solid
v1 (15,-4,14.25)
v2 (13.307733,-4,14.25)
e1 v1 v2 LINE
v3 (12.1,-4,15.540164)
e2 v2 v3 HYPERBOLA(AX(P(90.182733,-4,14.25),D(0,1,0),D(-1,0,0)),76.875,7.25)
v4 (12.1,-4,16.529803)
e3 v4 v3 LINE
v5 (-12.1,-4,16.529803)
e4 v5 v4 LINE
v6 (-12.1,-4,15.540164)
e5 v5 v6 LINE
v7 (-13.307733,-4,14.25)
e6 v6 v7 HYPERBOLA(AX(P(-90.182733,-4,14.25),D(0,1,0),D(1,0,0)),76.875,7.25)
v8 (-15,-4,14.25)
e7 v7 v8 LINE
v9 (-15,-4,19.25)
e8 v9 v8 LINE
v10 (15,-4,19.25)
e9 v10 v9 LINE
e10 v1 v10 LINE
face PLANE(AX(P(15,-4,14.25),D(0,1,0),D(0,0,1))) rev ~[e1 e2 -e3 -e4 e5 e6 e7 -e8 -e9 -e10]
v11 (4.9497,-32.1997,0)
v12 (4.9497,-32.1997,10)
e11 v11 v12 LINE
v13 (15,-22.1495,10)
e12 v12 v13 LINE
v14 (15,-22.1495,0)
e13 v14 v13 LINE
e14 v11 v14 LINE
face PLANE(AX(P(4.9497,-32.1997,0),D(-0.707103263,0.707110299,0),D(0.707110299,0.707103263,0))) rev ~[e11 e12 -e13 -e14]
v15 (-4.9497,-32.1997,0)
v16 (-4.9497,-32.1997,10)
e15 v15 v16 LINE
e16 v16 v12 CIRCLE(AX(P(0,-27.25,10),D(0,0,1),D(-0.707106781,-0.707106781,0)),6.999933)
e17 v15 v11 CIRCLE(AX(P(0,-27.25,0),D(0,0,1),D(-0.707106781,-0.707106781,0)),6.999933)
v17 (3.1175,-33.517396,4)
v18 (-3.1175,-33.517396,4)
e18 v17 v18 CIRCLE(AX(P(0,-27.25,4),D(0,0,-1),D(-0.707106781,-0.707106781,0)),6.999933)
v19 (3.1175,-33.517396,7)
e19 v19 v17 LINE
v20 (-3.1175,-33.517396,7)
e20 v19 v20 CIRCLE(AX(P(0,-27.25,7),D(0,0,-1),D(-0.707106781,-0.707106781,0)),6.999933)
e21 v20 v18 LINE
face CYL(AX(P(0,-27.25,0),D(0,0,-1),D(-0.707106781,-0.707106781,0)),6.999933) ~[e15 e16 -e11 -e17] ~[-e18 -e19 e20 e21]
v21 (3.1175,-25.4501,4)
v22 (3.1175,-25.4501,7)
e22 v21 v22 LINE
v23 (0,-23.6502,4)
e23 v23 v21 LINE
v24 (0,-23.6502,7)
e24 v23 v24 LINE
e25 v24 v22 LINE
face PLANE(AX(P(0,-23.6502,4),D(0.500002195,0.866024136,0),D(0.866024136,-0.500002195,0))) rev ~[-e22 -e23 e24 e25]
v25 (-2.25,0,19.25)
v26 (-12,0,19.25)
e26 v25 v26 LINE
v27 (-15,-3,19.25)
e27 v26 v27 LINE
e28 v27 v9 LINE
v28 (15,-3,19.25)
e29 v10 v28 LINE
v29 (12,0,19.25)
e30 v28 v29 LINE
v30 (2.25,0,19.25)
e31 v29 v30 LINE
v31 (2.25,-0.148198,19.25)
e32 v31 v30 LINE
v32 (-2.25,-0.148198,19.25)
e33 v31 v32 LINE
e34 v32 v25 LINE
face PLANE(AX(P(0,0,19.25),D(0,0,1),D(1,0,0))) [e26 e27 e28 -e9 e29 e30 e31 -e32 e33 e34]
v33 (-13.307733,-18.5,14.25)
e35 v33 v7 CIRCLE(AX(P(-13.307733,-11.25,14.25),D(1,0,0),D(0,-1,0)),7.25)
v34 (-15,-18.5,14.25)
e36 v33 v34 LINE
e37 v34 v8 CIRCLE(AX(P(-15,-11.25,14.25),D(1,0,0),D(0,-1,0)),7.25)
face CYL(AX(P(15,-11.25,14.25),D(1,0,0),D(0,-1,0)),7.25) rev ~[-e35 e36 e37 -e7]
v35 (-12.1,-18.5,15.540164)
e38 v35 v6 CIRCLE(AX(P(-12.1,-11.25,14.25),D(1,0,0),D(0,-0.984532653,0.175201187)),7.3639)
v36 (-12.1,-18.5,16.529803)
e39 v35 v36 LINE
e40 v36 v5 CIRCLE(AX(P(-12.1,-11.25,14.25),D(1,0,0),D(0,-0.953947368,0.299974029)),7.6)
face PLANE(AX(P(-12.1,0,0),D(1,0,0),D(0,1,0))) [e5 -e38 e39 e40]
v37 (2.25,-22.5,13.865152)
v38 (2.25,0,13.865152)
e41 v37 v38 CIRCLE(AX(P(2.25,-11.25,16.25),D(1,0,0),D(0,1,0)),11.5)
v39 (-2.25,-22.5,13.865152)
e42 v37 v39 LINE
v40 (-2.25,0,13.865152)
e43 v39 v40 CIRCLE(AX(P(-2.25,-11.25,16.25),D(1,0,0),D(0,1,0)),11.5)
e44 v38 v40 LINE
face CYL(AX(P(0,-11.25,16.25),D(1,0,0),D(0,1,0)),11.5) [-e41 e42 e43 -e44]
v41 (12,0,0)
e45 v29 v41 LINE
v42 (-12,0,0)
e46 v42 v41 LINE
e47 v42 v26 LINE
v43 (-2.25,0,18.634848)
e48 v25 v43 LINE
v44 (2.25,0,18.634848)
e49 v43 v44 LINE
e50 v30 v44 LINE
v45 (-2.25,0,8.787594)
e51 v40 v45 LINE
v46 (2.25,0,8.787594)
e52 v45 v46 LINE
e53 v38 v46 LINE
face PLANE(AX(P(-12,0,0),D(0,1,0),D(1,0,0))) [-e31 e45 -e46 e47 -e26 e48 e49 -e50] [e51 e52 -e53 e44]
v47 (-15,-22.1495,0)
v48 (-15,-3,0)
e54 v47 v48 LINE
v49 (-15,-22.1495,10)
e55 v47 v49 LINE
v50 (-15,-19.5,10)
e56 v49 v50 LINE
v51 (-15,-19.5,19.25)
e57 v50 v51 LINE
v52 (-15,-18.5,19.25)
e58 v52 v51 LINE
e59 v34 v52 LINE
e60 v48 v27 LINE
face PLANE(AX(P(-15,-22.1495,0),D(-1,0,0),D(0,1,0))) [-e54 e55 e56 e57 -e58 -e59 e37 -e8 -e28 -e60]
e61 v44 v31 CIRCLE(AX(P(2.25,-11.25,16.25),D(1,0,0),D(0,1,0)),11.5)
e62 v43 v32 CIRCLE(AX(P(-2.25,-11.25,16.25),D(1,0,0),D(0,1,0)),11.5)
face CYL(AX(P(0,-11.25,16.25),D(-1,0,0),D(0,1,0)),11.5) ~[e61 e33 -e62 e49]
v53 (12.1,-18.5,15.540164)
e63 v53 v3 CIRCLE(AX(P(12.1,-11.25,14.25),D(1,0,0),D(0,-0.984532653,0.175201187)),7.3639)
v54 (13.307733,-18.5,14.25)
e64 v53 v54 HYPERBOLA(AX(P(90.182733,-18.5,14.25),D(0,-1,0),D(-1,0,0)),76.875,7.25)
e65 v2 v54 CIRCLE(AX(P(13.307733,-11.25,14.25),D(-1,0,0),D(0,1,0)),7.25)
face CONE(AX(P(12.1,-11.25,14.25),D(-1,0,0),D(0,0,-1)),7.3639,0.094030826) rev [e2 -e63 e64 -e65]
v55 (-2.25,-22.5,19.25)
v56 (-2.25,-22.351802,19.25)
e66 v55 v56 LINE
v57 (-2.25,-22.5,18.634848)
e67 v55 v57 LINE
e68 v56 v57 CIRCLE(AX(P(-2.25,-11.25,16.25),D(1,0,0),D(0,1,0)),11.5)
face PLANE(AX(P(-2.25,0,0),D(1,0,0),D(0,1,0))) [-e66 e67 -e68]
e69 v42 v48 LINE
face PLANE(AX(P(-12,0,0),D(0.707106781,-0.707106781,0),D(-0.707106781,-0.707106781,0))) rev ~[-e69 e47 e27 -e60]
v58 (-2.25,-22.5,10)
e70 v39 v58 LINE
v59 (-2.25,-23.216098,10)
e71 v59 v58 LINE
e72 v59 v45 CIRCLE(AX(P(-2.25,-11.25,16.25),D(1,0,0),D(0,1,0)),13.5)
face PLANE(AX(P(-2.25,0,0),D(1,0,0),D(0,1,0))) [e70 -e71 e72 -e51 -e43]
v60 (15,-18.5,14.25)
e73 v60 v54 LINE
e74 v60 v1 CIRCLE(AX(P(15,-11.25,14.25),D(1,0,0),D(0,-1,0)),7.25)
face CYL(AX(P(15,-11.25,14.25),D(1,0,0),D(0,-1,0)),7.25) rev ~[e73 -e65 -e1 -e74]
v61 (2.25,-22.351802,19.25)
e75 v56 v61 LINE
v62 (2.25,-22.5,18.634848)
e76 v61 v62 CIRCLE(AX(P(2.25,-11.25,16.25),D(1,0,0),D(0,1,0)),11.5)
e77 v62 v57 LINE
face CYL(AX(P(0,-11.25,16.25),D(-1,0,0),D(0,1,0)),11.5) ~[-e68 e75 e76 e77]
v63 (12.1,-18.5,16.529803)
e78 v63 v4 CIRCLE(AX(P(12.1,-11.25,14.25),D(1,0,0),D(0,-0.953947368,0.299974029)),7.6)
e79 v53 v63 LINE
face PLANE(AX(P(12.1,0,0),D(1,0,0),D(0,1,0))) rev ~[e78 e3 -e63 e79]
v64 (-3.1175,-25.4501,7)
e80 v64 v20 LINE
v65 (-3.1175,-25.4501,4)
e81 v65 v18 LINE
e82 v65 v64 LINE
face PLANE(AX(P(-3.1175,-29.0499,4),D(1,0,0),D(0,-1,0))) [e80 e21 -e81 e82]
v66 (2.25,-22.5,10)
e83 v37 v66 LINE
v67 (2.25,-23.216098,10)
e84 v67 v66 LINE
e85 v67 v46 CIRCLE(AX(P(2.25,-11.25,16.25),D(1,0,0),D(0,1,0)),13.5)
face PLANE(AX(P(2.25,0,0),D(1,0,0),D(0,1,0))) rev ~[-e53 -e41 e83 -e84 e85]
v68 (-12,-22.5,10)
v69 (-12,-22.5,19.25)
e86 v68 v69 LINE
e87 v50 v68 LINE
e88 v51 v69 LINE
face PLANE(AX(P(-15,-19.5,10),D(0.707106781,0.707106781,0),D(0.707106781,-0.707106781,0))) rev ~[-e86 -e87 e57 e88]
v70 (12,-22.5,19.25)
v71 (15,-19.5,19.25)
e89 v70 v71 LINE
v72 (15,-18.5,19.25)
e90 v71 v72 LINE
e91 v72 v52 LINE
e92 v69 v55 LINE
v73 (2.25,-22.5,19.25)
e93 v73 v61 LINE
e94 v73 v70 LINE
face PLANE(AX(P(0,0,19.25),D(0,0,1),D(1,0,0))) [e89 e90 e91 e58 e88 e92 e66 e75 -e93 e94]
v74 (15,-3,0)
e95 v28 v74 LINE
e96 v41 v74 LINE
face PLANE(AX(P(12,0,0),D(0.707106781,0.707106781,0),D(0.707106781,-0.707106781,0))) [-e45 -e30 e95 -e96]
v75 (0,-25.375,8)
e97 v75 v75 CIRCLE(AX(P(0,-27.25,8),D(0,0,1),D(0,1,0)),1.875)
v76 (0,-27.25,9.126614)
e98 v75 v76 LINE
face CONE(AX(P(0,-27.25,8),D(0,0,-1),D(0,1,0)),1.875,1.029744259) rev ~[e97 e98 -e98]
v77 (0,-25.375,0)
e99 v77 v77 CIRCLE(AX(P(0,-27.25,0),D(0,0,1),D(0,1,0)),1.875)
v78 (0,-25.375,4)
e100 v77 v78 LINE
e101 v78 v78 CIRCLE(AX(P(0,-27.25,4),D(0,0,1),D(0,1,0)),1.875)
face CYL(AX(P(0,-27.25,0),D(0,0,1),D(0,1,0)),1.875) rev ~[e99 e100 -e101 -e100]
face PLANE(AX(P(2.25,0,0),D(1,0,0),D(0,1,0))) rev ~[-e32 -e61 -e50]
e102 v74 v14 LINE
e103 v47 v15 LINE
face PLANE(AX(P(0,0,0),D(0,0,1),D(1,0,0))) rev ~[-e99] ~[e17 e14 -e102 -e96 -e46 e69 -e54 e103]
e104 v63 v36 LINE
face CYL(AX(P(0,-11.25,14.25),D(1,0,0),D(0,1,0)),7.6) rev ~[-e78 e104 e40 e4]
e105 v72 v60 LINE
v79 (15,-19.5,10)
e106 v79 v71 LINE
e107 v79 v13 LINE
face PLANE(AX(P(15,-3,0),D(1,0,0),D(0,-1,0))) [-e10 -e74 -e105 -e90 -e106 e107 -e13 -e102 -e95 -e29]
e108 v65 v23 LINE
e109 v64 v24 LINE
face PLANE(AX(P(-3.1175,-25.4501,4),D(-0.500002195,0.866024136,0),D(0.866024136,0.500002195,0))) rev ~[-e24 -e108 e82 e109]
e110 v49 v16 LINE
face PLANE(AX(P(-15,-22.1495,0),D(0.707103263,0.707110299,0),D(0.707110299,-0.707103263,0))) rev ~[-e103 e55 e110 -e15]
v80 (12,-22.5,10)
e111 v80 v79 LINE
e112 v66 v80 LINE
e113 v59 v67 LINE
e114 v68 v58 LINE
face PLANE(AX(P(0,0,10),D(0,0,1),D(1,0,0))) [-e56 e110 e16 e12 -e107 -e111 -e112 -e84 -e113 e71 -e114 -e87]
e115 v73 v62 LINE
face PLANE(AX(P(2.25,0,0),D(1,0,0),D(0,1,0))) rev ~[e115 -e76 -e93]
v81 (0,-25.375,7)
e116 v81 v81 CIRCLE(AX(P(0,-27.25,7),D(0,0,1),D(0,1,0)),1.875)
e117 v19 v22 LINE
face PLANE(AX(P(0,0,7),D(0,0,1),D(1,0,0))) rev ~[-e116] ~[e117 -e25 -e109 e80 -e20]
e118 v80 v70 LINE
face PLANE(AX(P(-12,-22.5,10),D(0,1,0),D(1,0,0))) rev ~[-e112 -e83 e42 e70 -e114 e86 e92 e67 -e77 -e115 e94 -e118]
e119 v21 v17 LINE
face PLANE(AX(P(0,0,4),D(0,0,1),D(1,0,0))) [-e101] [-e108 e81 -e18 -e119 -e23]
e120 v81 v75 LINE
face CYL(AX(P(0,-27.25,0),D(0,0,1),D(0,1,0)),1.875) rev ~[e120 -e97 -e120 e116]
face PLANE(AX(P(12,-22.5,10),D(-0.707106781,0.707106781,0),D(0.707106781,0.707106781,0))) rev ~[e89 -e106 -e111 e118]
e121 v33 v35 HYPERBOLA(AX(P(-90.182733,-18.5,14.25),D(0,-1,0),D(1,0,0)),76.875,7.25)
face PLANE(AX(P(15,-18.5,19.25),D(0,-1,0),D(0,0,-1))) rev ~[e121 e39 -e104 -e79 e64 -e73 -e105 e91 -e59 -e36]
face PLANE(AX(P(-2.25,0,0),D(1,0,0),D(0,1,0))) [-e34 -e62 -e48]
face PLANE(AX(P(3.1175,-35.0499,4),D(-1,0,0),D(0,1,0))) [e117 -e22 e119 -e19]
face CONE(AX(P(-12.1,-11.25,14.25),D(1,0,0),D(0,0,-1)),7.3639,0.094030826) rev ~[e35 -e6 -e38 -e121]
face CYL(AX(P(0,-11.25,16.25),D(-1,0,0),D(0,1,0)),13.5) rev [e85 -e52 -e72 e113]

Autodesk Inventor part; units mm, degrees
sketch "Boceto1" plane through (0, 0, 0) normal (0, 0, 1) x (1, 0, 0)
  line L0 (-12, 0) -> (12, 0)
  line L1 (15, -3) -> (15, -22.1495)
  line L2 (-15, -22.1495) -> (-15, -3)
  line L3 (12, 0) -> (15, -3)
  line L4 (-12, 0) -> (-15, -3)
  line L5 (-15, -22.1495) -> (-4.9497, -32.1997)
  arc A0 (-4.9497, -32.1997) -> (4.9497, -32.1997) centre (0, -27.25) ccw
  line L6 (4.9497, -32.1997) -> (15, -22.1495)
  point P0 (0, 0)
  point P1 (-15, 0)
  point P2 (15, 0)
  point P3 (0, 0)
  point P4 (0, -34.25)
  point P5 (15, 0)
  point P6 (0, -34.25)
  dimension "d0" = 30
  dimension "d5" = 3
  dimension "d6" = 3
  dimension "d10" = 135
  dimension "d55" = 27.25
  dimension "d59" = 7
  dimension "d60" = 34.25
extrude "Extrusión1" add sketch "Boceto1" along normal blind 10
sketch "Boceto2" plane through (0, 0, 10) normal (0, 0, 1) x (1, 0, 0)
  line L0 (15, -22.1495) -> (15, -3) projected
  line L1 (15, -3) -> (12, 0) projected
  line L2 (12, 0) -> (-12, 0) projected
  line L3 (-12, 0) -> (-15, -3) projected
  line L4 (-15, -3) -> (-15, -22.1495) projected
  line L5 (-15, -22.1495) -> (-4.9497, -32.1997) projected
  arc A0 (-4.9497, -32.1997) -> (4.9497, -32.1997) centre (0, -27.25) ccw projected
  line L6 (4.9497, -32.1997) -> (15, -22.1495) projected
  line L7 (-15, -19.5) -> (-12, -22.5)
  line L8 (-12, -22.5) -> (12, -22.5)
  line L9 (12, -22.5) -> (15, -19.5)
  point P0 (0, 0)
  dimension "d13" = 3
  dimension "d14" = 3
  dimension "d15" = 3
  dimension "d16" = 3
  dimension "d17" = 22.5
extrude "Extrusión2" add sketch "Boceto2" along normal blind 9.25 contours L9 L8 L7 L4 L3 L2 L1 L0
sketch "Boceto3" plane through (15, -22.1495, 0) normal (1, 0, 0) x (0, 0, -1)
  line L0 (-19.25, 2.6495) -> (-19.25, 19.1495) projected
  line L1 (-19.25, 19.1495) -> (-19.25, 2.6495) projected
  line L2 (-19.25, 3.6495) -> (-14.25, 3.6495)
  arc A0 (-14.25, 3.6495) -> (-14.25, 18.1495) centre (-14.25, 10.8995) ccw
  line L3 (-14.25, 18.1495) -> (-19.25, 18.1495)
  point P0 (0, 22.1495)
  point P1 (-7, 10.8995)
  point P2 (-19.25, 10.8995)
  dimension "d20" = 12.25
  dimension "d21" = 14.5
extrude "Extrusión3" cut sketch "Boceto3" against normal through all
hole "Agujero1" at (0, -27.25, 0) direction (0, 0, 1) diameter 3.75 depth 8 tip angle 118
ref_plane "Plano de trabajo1" through (0, 0, 4) normal (0, 0, 1) x (1, 0, 0)
sketch "Boceto4" plane through (0, 0, 4) normal (0, 0, 1) x (1, 0, 0)
  circle A0 centre (0, -27.25) radius 1.875 projected
  line L0 (0, -23.6502) -> (3.1175, -25.4501)
  line L1 (3.1175, -25.4501) -> (3.1175, -29.0499)
  line L2 (-3.1175, -29.0499) -> (-3.1175, -25.4501)
  line L3 (-3.1175, -25.4501) -> (0, -23.6502)
  line L4 (-3.1175, -29.0499) -> (-3.1175, -35.0499)
  line L5 (-3.1175, -35.0499) -> (3.1175, -35.0499)
  line L6 (3.1175, -35.0499) -> (3.1175, -29.0499)
  point P0 (0, 0)
  point P1 (0, -27.25)
  dimension "d36" = 6.235
  dimension "d37" = 6
extrude "Extrusión4" cut sketch "Boceto4" along normal blind 3
sketch "Boceto5" plane through (0, 0, 0) normal (1, 0, 0) x (0, 1, 0)
  arc A0 (-18.5, 14.25) -> (-4, 14.25) centre (-11.25, 14.25) ccw projected
  circle A1 centre (-11.25, 16.25) radius 11.5
  circle A2 centre (-11.25, 16.25) radius 13.5
  point P0 (0, 0)
  dimension "d44" = 27
  dimension "d45" = 23
  dimension "d46" = 2
extrude "Extrusión5" cut sketch "Boceto5" along normal mid plane 4.5
sketch "Boceto6" plane through (0, 0, 0) normal (1, 0, 0) x (0, 1, 0)
  line L0 (-18.5, 19.25) -> (-19.5, 19.25) projected
  arc A0 (-18.5, 14.25) -> (-4, 14.25) centre (-11.25, 14.25) ccw projected
  circle A1 centre (-11.25, 14.25) radius 7.6
  point P0 (0, 0)
  dimension "d49" = 15.2
extrude "Extrusión6" cut sketch "Boceto6" along normal mid plane 24.2
ref_plane "Plano de trabajo2" through (15, -11.25, 14.25) normal (0, -1, 0) x (1, 0, 0)
sketch "Boceto7" plane through (15, -11.25, 14.25) normal (0, -1, 0) x (1, 0, 0)
  line L0 (-10.0503, -14.25) -> (0, -14.25) projected
  line L1 (0, -14.25) -> (0, -4.25) projected
  line L2 (-10.0503, -4.25) -> (0, -4.25) projected
  line L3 (-10.0503, -14.25) -> (-10.0503, -4.25) projected
  line L4 (-2.9, -7.6) -> (-2.9, 2.2798) projected
  line L5 (-2.9, 0) -> (-2.9, 0) projected
  line L6 (0, 0) -> (-2.9, 0) projected
  line L7 (0, 0) -> (0, 0) projected
  line L8 (0, 0) -> (-2.9, 0) projected
  line L9 (-2.9, -7.3639) -> (-1.67, -7.2479)
  line L10 (-1.67, -7.2479) -> (-2.9, -7.2479)
  line L11 (-2.9, -7.3639) -> (-2.9, -7.2479)
  point P0 (-15, -14.25)
  dimension "d52" = 0.116
  dimension "d53" = 1.23
revolve "Revolución1" cut sketch "Boceto7" angle 360 about axis through (15, -11.25, 14.25) along (-1, 0, 0) contours L10 L9 L4
mirror "Simetría1" about plane through (0, 0, 0) normal (1, 0, 0) of "Revolución1"
equation "\"d6\" = d5"
